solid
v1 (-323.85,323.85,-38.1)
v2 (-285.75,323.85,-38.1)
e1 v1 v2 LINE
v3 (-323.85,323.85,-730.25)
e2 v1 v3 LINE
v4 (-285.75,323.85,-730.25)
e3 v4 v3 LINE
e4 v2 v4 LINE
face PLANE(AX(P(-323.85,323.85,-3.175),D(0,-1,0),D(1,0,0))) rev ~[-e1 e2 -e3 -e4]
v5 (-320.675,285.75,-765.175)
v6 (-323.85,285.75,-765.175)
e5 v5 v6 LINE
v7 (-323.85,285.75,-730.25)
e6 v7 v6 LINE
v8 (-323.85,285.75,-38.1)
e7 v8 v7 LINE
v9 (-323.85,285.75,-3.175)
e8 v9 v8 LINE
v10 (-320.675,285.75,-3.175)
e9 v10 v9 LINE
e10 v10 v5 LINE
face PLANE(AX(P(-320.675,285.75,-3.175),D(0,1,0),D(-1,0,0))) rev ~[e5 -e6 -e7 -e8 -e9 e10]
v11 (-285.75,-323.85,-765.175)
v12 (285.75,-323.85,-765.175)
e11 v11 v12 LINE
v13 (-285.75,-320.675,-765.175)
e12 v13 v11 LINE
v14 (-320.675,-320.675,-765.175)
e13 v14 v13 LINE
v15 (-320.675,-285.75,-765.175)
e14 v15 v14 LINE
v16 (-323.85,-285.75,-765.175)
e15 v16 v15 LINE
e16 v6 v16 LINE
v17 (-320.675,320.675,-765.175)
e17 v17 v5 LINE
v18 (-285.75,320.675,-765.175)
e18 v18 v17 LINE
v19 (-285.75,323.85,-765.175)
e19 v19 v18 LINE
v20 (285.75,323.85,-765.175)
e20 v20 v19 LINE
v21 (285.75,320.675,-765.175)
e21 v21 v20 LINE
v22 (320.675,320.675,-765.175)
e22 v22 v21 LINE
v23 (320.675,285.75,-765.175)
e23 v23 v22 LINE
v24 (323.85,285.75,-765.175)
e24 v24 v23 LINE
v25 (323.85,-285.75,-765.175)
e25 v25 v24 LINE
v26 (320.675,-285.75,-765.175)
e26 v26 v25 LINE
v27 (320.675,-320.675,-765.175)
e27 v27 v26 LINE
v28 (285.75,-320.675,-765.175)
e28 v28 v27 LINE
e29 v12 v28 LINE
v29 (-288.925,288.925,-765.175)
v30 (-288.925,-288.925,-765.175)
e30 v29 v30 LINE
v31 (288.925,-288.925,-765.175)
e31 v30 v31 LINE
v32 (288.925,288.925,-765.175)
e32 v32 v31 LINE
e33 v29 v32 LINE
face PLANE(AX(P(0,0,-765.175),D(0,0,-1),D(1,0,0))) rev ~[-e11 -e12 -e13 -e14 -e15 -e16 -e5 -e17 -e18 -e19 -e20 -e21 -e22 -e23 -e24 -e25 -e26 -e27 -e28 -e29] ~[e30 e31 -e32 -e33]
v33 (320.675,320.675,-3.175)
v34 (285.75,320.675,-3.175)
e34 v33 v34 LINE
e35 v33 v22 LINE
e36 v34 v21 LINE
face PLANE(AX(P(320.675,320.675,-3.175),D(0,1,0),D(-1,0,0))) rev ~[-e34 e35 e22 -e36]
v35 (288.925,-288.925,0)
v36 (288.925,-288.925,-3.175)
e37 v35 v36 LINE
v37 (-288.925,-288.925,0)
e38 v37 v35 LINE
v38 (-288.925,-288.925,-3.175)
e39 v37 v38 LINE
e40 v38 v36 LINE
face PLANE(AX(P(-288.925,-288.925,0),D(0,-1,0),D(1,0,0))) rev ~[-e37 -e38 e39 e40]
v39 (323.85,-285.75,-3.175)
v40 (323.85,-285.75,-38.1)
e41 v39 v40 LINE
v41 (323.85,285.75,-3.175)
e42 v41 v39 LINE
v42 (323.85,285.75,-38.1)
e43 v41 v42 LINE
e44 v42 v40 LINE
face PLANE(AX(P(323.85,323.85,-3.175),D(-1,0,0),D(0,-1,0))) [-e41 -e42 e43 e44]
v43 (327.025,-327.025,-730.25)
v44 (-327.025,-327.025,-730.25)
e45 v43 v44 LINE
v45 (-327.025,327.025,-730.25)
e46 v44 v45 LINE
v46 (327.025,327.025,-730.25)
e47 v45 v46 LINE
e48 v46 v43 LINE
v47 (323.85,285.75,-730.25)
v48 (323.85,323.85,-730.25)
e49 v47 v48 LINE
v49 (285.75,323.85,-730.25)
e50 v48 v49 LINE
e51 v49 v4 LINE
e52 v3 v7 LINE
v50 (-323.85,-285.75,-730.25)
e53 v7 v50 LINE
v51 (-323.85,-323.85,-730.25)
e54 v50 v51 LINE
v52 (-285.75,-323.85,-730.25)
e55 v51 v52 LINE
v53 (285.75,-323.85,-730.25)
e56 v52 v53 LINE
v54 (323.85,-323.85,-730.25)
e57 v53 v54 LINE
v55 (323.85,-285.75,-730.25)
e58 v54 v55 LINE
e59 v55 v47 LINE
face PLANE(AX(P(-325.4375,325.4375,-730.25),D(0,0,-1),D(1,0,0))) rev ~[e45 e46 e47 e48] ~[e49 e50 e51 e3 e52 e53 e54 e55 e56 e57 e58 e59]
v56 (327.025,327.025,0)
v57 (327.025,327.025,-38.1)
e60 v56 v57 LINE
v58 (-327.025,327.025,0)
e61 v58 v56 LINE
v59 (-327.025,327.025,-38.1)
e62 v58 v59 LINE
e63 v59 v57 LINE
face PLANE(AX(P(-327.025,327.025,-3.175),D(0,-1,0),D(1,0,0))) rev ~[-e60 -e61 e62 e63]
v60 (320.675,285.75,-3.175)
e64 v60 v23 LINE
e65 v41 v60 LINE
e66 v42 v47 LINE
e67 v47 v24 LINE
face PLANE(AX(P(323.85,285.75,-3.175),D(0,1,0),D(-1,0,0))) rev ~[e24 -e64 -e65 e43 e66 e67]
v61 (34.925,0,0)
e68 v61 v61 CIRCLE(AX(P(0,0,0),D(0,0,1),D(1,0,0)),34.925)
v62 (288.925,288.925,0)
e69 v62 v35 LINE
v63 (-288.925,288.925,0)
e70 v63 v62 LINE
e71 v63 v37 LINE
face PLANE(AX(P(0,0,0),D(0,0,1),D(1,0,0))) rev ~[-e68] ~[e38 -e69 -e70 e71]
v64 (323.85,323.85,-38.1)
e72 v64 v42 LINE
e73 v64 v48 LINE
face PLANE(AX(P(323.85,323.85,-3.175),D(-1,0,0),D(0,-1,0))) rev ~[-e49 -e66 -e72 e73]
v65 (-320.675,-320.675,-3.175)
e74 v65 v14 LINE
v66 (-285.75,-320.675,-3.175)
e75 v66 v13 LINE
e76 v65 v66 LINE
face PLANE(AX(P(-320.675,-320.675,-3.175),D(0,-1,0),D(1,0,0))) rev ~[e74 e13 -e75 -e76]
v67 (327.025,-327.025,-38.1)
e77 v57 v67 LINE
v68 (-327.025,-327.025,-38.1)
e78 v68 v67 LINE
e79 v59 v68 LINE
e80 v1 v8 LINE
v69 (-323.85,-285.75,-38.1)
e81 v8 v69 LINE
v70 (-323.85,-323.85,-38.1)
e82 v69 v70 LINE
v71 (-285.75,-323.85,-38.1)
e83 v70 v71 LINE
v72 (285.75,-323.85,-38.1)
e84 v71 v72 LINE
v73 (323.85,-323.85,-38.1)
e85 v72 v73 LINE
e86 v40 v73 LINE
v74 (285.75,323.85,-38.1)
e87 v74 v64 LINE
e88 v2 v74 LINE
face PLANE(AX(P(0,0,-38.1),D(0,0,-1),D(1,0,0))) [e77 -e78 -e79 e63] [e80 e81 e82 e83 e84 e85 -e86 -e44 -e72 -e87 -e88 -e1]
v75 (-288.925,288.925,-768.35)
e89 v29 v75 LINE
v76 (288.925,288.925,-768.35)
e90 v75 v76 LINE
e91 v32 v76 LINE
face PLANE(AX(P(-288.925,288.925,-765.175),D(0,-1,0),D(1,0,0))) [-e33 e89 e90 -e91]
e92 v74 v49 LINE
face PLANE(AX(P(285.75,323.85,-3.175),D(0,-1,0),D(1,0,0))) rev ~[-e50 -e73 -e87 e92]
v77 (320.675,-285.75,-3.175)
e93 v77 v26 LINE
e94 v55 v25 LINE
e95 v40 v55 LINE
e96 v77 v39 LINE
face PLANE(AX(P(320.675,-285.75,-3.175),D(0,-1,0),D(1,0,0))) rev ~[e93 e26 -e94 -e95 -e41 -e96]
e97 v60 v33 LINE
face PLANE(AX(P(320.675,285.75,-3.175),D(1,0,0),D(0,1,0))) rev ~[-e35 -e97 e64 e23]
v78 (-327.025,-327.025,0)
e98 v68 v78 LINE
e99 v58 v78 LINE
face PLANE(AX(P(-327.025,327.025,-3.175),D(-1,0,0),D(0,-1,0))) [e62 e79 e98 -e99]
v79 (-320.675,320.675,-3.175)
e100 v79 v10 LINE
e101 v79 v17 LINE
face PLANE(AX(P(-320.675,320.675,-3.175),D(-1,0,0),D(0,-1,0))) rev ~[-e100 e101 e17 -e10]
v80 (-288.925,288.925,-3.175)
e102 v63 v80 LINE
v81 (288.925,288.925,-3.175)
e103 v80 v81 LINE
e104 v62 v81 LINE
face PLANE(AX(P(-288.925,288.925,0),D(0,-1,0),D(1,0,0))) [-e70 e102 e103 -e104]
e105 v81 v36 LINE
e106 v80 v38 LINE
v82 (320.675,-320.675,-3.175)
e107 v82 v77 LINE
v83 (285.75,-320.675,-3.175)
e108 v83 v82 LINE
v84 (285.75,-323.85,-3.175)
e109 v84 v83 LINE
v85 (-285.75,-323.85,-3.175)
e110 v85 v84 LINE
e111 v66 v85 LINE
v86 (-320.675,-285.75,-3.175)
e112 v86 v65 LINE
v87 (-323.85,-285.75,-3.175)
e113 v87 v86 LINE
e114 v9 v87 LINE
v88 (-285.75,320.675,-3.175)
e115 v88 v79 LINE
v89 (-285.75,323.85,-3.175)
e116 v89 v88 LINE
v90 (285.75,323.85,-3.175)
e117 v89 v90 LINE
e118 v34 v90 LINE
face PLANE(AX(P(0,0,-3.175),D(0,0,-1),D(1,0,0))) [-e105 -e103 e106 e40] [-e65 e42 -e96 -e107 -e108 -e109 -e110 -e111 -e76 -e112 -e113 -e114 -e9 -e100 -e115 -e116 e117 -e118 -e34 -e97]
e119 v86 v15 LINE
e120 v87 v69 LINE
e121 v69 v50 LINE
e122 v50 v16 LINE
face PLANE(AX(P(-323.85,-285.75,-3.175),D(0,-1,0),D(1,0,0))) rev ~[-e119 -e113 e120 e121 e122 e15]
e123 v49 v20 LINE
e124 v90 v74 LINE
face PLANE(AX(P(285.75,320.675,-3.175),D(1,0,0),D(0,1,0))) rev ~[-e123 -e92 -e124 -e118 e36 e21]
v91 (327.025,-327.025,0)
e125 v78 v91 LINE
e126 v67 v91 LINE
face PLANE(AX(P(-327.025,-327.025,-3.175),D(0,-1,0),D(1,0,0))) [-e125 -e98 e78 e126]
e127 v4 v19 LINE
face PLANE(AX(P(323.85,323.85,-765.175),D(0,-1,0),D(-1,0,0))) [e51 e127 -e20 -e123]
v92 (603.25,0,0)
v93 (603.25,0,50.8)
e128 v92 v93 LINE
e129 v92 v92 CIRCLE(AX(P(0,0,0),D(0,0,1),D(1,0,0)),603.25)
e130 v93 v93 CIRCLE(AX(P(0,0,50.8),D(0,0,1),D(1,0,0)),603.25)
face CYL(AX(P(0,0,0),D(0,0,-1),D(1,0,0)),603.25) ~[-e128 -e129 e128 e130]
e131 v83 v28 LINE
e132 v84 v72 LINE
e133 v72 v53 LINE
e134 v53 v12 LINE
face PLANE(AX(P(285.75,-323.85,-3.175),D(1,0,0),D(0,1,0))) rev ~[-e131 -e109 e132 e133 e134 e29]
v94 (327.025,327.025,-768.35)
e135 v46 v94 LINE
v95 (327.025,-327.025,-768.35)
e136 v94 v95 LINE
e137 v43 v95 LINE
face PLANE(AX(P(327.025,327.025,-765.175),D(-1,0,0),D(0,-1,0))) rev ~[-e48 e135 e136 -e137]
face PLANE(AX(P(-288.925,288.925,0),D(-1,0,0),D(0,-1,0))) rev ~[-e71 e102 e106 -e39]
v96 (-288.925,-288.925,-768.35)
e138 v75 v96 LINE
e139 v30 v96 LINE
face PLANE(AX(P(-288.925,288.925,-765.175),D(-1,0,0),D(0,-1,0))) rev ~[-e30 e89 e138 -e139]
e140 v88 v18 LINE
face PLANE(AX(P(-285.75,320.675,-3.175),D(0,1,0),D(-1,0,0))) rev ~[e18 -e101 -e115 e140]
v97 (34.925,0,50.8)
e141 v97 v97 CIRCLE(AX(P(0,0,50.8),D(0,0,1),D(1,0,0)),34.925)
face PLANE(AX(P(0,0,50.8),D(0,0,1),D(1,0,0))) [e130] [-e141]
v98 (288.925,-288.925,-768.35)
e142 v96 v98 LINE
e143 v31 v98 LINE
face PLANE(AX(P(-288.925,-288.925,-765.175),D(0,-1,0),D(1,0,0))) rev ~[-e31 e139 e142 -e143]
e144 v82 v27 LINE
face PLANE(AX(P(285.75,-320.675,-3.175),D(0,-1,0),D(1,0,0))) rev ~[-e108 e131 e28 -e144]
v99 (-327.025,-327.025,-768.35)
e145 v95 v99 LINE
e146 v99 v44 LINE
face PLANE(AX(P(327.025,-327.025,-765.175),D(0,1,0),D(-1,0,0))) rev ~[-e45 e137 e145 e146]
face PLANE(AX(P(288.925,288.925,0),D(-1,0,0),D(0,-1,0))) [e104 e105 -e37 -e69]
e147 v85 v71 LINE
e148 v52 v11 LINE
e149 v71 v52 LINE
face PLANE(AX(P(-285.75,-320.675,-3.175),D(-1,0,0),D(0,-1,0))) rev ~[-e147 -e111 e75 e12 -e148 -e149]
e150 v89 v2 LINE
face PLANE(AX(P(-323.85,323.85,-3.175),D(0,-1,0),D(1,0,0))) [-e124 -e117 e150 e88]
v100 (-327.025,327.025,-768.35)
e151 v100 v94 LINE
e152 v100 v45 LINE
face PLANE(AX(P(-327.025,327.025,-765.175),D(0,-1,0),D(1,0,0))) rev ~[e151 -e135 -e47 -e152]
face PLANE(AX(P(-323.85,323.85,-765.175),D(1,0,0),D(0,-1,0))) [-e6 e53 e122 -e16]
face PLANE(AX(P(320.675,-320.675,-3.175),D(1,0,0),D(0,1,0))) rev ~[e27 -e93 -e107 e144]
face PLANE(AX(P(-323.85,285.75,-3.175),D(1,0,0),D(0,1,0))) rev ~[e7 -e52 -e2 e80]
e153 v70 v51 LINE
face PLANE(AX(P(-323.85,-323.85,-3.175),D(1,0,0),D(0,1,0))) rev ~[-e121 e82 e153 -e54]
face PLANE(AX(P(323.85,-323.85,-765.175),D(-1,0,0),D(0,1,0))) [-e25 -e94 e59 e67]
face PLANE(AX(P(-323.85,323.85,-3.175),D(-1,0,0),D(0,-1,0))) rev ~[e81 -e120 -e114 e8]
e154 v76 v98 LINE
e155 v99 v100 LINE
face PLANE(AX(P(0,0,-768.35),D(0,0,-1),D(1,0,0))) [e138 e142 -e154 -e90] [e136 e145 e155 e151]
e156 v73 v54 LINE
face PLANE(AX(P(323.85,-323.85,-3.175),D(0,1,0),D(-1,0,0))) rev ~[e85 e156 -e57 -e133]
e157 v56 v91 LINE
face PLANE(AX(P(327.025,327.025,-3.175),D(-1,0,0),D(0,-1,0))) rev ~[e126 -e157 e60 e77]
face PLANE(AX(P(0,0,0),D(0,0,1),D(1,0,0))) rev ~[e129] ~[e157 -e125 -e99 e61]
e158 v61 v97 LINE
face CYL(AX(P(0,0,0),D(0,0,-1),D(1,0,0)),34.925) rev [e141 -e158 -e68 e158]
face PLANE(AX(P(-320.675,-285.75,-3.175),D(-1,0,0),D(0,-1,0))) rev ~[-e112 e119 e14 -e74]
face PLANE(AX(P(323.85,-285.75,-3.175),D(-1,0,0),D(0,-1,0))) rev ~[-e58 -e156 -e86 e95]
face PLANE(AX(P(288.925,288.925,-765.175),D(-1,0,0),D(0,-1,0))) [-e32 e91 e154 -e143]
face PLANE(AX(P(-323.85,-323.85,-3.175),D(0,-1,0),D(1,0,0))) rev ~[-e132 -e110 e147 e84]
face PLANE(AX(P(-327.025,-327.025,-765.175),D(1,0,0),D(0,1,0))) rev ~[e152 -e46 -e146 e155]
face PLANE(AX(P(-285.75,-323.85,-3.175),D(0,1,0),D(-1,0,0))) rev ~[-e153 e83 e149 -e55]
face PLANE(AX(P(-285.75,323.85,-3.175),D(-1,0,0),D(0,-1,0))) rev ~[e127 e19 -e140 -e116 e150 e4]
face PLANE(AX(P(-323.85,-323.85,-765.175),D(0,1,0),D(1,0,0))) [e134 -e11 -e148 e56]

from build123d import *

# Parameters (mm, degrees)
F0_R      = 603.25
F0_R_2    = 34.925
F1_DEPTH  = 50.8
F2_W      = 654.05
F2_H      = 654.05
F2_W_2    = 577.85
F2_H_2    = 577.85
F3_DEPTH  = 3.175
F4_W      = 654.05
F4_H      = 654.05
F4_W_2    = 647.7
F4_H_2    = 647.7
F5_DEPTH  = 34.925
F7_DEPTH  = 762
F9_DEPTH  = 762
F11_DEPTH = 762
F13_DEPTH = 762
F14_W     = 3.175
F14_H     = 3.175
F15_DEPTH = 34.925
F16_W     = 577.85
F16_H     = 577.85
F17_DEPTH = 3.175


with BuildPart() as f1:
    # F0 (on Top) → F1 (new body)
    with BuildSketch(Plane.XY):
        Circle(F0_R)
        Circle(F0_R_2, mode=Mode.SUBTRACT)
    extrude(amount=F1_DEPTH)

    # F2 (on face) → F3 (join)
    with BuildSketch(Plane(origin=(0, 0, 0), x_dir=(1, 0, 0), z_dir=(0, 0, -1))):
        Rectangle(F2_W, F2_H)
        Rectangle(F2_W_2, F2_H_2, mode=Mode.SUBTRACT)
    extrude(amount=F3_DEPTH)

    # F4 (on face) → F5 (join)
    with BuildSketch(Plane(origin=(0, 0, -3.175), x_dir=(1, 0, 0), z_dir=(0, 0, -1))):
        Rectangle(F4_W, F4_H)
        Rectangle(F4_W_2, F4_H_2, mode=Mode.SUBTRACT)
    extrude(amount=F5_DEPTH)

    # F6 (on face) → F7 (join)
    with BuildSketch(Plane(origin=(0, 0, -3.175), x_dir=(1, 0, 0), z_dir=(0, 0, -1))):
        Polygon((-285.75, 323.85), (-323.85, 323.85), (-323.85, 285.75), (-320.675, 285.75), (-320.675, 320.675), (-285.75, 320.675), align=None)
    extrude(amount=F7_DEPTH)

    # F8 (on face) → F9 (join)
    with BuildSketch(Plane(origin=(0, 0, -3.175), x_dir=(1, 0, 0), z_dir=(0, 0, -1))):
        Polygon((323.85, 285.75), (323.85, 323.85), (285.75, 323.85), (285.75, 320.675), (320.675, 320.675), (320.675, 285.75), align=None)
    extrude(amount=F9_DEPTH)

    # F10 (on face) → F11 (join)
    with BuildSketch(Plane(origin=(0, 0, -3.175), x_dir=(1, 0, 0), z_dir=(0, 0, -1))):
        Polygon((285.75, -323.85), (323.85, -323.85), (323.85, -285.75), (320.675, -285.75), (320.675, -320.675), (285.75, -320.675), align=None)
    extrude(amount=F11_DEPTH)

    # F12 (on face) → F13 (join)
    with BuildSketch(Plane(origin=(0, 0, -3.175), x_dir=(1, 0, 0), z_dir=(0, 0, -1))):
        Polygon((-323.85, -285.75), (-323.85, -323.85), (-285.75, -323.85), (-285.75, -320.675), (-320.675, -320.675), (-320.675, -285.75), align=None)
    extrude(amount=F13_DEPTH)

    # F14 (on face) → F15 (join)
    with BuildSketch(Plane(origin=(0, 0, -765.175), x_dir=(1, 0, 0), z_dir=(0, 0, -1))):
        with Locations((-325.4375, -325.4375)):
            Rectangle(F14_W, F14_H)
        Polygon((323.85, -323.85), (-323.85, -323.85), (-323.85, -327.025), (327.025, -327.025), (327.025, 323.85), (323.85, 323.85), align=None)
        Polygon((-327.025, -323.85), (-323.85, -323.85), (-323.85, 323.85), (323.85, 323.85), (323.85, 327.025), (-327.025, 327.025), align=None)
        with Locations((325.4375, 325.4375)):
            Rectangle(F14_W, F14_H)
    extrude(amount=-F15_DEPTH)

    # F16 (on face) → F17 (join)
    with BuildSketch(Plane(origin=(0, 0, -765.175), x_dir=(1, 0, 0), z_dir=(0, 0, -1))):
        Polygon((-327.025, -288.925), (-327.025, -327.025), (288.925, -327.025), (327.025, -327.025), (327.025, -288.925), (327.025, 327.025), (288.925, 327.025), (-288.925, 327.025), (-327.025, 327.025), align=None)
        Rectangle(F16_W, F16_H, mode=Mode.SUBTRACT)
    extrude(amount=F17_DEPTH)


solid = f1.part
